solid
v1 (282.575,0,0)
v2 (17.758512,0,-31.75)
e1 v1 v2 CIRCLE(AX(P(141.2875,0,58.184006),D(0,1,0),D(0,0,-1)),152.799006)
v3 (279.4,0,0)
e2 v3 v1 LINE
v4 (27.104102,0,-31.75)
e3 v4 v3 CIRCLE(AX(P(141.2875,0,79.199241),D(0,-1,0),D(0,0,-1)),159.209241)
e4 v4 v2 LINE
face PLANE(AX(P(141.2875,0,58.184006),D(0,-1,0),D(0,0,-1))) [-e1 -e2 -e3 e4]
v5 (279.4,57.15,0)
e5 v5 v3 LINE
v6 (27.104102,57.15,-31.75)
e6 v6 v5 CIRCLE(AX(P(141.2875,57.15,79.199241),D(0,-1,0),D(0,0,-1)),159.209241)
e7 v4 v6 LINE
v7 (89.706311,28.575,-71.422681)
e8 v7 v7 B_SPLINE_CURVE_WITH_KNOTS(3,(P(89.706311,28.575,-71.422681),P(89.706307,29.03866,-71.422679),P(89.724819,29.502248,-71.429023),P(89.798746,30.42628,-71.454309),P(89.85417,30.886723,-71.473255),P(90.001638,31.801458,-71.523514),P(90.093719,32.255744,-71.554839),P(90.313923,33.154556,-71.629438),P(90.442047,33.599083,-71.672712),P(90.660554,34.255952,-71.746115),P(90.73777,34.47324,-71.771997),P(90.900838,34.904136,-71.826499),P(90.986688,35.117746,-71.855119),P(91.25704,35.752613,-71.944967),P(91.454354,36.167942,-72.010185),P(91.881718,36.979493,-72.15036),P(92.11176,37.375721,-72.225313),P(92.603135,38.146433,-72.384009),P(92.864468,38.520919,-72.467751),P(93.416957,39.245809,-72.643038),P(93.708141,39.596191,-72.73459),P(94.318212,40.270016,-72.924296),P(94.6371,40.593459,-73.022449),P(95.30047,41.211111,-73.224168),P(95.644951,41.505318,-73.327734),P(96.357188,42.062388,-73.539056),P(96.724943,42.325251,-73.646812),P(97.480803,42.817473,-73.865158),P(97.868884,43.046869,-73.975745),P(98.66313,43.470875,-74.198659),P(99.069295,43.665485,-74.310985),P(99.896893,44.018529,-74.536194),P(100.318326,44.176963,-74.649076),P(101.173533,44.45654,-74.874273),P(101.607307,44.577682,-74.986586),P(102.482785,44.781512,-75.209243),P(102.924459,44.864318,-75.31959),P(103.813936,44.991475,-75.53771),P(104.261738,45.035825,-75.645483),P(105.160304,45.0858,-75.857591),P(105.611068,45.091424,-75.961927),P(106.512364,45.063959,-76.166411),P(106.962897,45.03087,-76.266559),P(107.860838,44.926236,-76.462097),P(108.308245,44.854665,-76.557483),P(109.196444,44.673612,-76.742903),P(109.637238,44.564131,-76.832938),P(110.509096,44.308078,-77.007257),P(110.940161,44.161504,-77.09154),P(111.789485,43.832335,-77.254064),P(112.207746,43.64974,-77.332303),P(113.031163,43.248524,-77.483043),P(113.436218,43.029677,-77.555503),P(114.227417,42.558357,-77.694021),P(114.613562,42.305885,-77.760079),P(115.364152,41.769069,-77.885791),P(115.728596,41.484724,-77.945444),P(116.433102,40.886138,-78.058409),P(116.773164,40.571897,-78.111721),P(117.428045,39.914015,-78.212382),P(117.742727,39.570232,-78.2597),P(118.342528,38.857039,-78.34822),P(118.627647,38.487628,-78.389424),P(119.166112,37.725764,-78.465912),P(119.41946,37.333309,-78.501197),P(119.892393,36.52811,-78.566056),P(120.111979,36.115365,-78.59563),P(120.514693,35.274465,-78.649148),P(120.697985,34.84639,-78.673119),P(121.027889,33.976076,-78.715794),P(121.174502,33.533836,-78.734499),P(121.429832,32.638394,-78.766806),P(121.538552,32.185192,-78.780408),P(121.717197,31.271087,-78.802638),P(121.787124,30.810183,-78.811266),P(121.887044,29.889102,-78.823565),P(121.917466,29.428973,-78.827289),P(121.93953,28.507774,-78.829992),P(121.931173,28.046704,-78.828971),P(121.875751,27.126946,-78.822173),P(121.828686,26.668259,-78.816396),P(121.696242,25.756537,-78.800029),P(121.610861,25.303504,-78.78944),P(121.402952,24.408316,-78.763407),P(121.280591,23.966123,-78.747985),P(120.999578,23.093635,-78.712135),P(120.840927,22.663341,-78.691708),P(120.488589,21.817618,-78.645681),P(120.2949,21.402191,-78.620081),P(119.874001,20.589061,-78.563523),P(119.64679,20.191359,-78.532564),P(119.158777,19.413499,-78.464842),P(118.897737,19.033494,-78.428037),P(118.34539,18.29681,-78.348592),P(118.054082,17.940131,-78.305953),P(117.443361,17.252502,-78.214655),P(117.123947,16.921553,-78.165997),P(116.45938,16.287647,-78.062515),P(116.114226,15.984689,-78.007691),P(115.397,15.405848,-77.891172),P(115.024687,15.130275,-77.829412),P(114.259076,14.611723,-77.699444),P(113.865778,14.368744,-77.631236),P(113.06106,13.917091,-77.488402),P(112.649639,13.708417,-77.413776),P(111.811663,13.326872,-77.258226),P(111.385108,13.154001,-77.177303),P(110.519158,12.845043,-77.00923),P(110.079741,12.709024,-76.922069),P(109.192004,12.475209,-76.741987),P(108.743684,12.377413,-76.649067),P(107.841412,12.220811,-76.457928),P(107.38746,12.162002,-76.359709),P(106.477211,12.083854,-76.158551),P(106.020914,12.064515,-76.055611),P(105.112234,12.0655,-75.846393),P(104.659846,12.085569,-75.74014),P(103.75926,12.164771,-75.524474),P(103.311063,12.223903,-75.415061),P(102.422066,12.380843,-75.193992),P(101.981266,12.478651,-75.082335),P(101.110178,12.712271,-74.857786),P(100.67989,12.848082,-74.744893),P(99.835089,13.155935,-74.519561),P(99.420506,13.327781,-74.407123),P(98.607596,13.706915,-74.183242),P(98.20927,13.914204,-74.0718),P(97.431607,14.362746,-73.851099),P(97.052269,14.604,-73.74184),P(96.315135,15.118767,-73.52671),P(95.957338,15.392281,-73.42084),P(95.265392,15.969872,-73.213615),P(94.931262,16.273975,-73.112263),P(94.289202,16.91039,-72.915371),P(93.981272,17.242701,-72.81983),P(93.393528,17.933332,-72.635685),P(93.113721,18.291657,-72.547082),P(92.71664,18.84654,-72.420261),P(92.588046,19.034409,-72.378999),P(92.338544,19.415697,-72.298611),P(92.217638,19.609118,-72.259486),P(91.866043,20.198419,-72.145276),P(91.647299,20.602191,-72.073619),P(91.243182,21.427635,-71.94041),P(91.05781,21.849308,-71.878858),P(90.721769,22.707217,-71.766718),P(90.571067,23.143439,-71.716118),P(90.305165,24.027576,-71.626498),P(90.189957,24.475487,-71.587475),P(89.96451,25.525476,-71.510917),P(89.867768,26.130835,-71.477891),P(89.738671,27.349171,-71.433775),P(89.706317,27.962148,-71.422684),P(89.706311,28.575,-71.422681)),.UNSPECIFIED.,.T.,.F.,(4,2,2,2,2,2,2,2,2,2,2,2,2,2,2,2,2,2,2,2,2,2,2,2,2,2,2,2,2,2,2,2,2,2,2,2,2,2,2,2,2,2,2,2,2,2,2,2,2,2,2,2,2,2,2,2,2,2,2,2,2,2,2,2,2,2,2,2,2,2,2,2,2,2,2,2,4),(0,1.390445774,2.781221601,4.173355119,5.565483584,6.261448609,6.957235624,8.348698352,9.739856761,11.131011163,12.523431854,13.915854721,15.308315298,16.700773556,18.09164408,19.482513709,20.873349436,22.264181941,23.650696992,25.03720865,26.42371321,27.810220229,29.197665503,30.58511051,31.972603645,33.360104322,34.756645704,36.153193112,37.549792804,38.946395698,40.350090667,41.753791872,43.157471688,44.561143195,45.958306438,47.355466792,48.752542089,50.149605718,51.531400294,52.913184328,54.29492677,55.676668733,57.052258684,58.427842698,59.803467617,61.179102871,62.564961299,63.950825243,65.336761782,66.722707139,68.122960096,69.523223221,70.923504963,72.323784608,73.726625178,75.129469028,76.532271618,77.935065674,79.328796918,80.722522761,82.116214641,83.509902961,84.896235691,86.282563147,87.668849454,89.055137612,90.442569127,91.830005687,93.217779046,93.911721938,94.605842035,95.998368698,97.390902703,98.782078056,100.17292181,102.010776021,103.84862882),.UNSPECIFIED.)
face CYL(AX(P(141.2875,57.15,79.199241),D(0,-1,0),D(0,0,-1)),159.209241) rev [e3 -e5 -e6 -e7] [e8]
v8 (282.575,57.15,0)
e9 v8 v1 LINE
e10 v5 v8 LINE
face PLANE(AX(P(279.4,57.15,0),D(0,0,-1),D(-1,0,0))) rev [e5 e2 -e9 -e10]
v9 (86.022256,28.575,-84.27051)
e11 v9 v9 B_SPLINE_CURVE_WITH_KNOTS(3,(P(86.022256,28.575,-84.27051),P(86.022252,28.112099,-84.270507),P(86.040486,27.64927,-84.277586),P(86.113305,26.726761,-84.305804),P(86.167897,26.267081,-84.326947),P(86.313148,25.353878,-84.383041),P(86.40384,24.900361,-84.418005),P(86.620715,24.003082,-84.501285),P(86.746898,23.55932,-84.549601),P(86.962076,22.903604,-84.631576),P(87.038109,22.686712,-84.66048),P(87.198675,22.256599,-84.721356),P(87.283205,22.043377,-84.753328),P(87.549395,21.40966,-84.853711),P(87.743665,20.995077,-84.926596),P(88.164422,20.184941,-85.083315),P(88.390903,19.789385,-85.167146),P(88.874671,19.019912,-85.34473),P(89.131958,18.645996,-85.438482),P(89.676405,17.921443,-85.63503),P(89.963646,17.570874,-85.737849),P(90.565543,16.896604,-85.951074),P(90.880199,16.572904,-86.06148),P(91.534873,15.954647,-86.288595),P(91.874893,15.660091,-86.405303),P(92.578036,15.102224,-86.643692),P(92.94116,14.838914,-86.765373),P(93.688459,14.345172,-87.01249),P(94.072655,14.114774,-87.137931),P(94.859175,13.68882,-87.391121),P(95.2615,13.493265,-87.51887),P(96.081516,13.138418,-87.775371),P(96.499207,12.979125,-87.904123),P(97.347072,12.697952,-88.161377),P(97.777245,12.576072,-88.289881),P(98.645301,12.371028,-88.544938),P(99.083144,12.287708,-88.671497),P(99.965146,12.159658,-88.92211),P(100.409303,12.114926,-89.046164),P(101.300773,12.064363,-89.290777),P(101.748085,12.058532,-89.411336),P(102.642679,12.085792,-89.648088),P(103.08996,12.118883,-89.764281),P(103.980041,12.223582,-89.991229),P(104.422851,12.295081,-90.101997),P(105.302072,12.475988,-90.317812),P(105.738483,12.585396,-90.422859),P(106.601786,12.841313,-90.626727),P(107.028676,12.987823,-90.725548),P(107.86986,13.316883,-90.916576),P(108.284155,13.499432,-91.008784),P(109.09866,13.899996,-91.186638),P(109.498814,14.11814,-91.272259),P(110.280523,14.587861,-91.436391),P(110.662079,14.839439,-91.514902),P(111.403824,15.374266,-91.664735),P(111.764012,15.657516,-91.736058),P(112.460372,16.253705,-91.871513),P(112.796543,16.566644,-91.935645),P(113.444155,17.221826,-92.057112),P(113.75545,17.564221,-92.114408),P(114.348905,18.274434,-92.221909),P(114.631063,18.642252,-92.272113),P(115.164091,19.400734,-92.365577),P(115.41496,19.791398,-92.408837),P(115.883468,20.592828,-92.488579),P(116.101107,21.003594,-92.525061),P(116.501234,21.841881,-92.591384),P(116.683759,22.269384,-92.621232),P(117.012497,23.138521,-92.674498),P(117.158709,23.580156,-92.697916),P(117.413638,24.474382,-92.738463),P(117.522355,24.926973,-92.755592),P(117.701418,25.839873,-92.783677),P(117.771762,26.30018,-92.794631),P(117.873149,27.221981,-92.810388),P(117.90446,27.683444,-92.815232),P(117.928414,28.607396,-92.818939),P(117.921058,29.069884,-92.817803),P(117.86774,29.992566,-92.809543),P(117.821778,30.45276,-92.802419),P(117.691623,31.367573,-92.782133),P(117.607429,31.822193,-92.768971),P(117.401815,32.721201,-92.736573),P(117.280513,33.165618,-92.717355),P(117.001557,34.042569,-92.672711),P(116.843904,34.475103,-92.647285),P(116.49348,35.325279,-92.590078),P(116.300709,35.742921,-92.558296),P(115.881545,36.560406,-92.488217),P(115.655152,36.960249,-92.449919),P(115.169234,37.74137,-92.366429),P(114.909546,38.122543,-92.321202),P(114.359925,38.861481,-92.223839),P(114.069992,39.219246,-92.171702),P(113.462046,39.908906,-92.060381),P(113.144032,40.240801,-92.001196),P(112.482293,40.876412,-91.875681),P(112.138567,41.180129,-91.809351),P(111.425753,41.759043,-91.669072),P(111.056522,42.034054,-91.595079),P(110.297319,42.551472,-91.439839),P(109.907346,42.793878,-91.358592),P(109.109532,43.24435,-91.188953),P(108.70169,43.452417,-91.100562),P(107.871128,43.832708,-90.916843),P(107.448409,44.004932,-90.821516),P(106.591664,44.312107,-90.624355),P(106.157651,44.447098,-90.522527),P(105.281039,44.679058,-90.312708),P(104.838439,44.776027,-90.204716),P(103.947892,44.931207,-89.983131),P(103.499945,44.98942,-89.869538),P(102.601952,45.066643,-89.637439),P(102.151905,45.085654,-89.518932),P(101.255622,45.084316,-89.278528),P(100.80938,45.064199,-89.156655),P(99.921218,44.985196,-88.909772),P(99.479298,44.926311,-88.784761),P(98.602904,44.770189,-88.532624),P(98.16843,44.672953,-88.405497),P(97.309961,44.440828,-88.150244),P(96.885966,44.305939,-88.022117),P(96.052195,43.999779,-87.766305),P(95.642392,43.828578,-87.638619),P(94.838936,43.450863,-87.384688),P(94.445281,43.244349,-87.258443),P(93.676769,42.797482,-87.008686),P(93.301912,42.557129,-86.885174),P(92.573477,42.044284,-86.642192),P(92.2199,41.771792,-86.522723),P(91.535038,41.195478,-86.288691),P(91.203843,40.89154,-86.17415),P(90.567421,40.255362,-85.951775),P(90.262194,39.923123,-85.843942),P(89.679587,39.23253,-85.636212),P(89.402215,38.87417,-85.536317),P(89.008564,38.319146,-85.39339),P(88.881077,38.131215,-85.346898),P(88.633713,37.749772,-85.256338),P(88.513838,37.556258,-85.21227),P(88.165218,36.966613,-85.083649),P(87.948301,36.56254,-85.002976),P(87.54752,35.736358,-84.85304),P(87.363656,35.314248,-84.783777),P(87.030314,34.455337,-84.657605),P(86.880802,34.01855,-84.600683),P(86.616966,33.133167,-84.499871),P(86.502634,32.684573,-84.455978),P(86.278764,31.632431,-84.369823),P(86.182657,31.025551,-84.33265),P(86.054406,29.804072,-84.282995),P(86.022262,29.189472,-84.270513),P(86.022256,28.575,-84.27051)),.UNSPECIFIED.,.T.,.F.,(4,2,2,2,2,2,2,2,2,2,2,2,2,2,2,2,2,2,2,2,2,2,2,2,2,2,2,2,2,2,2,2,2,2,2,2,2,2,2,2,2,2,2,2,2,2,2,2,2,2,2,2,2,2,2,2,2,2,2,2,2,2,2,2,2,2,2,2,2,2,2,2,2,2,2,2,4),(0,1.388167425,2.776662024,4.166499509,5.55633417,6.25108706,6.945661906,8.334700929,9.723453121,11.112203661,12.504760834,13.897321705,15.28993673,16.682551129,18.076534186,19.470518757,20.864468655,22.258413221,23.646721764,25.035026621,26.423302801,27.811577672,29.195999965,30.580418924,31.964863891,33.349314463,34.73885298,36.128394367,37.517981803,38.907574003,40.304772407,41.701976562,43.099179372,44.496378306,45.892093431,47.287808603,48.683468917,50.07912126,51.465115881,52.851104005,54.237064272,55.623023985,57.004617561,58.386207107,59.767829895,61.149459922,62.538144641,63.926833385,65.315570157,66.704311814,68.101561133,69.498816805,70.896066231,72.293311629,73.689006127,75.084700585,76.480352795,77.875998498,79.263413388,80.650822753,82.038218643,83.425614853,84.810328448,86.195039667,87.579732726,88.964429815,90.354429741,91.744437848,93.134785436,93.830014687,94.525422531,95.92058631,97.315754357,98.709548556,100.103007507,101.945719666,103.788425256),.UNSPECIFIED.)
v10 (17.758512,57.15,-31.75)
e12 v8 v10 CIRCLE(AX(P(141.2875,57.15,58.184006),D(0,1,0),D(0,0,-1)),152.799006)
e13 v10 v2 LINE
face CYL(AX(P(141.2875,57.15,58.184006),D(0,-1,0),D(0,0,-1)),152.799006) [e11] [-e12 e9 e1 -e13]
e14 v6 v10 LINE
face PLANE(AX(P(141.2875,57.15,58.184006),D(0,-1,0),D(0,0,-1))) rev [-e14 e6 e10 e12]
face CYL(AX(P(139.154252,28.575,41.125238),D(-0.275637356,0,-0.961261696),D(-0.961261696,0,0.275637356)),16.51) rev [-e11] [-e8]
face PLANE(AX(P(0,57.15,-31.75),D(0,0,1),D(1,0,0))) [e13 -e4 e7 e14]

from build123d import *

# Parameters (mm, degrees)
BOSS_EXTRUDE1_DEPTH = 57.15
SKETCH4_R           = 16.51
CUT_EXTRUDE1_DEPTH  = 310.020008061
SKETCH5_W           = 49.699696275
SKETCH5_H           = 31.75
CUT_EXTRUDE2_DEPTH  = 304.425034295


with BuildPart() as part:
    # Sketch1 → Boss-Extrude1 (new body)
    with BuildSketch(Plane(origin=(0, 0, 0), x_dir=(1, 0, 0), z_dir=(0, 1, 0))):
        with BuildLine():
            Line((0, 0), (3.175, 0))
            ThreePointArc((3.175, 0), (141.2875, 80.01), (279.4, 0))
            Line((279.4, 0), (282.575, 0))
            ThreePointArc((282.575, 0), (141.2875, 94.615), (0, 0))
        make_face()
    extrude(amount=BOSS_EXTRUDE1_DEPTH)

    # Sketch4 → Cut-Extrude1 (cut, through all)
    with BuildSketch(Plane(origin=(-15.966248852, 0, -55.68092686), x_dir=(-0.9612616959383227, 0, 0.275637355816986), z_dir=(-0.275637355816986, 0, -0.9612616959383227))):
        with Locations((-122.428, 28.575)):
            Circle(SKETCH4_R)
    extrude(amount=-CUT_EXTRUDE1_DEPTH, mode=Mode.SUBTRACT)

    # Sketch5 → Cut-Extrude2 (cut, through all)
    with BuildSketch(Plane(origin=(0, 0, 0), x_dir=(1, 0, 0), z_dir=(0, 1, 0))):
        with Locations((24.849848138, 15.875)):
            Rectangle(SKETCH5_W, SKETCH5_H)
    extrude(amount=CUT_EXTRUDE2_DEPTH, mode=Mode.SUBTRACT)


solid = part.part
